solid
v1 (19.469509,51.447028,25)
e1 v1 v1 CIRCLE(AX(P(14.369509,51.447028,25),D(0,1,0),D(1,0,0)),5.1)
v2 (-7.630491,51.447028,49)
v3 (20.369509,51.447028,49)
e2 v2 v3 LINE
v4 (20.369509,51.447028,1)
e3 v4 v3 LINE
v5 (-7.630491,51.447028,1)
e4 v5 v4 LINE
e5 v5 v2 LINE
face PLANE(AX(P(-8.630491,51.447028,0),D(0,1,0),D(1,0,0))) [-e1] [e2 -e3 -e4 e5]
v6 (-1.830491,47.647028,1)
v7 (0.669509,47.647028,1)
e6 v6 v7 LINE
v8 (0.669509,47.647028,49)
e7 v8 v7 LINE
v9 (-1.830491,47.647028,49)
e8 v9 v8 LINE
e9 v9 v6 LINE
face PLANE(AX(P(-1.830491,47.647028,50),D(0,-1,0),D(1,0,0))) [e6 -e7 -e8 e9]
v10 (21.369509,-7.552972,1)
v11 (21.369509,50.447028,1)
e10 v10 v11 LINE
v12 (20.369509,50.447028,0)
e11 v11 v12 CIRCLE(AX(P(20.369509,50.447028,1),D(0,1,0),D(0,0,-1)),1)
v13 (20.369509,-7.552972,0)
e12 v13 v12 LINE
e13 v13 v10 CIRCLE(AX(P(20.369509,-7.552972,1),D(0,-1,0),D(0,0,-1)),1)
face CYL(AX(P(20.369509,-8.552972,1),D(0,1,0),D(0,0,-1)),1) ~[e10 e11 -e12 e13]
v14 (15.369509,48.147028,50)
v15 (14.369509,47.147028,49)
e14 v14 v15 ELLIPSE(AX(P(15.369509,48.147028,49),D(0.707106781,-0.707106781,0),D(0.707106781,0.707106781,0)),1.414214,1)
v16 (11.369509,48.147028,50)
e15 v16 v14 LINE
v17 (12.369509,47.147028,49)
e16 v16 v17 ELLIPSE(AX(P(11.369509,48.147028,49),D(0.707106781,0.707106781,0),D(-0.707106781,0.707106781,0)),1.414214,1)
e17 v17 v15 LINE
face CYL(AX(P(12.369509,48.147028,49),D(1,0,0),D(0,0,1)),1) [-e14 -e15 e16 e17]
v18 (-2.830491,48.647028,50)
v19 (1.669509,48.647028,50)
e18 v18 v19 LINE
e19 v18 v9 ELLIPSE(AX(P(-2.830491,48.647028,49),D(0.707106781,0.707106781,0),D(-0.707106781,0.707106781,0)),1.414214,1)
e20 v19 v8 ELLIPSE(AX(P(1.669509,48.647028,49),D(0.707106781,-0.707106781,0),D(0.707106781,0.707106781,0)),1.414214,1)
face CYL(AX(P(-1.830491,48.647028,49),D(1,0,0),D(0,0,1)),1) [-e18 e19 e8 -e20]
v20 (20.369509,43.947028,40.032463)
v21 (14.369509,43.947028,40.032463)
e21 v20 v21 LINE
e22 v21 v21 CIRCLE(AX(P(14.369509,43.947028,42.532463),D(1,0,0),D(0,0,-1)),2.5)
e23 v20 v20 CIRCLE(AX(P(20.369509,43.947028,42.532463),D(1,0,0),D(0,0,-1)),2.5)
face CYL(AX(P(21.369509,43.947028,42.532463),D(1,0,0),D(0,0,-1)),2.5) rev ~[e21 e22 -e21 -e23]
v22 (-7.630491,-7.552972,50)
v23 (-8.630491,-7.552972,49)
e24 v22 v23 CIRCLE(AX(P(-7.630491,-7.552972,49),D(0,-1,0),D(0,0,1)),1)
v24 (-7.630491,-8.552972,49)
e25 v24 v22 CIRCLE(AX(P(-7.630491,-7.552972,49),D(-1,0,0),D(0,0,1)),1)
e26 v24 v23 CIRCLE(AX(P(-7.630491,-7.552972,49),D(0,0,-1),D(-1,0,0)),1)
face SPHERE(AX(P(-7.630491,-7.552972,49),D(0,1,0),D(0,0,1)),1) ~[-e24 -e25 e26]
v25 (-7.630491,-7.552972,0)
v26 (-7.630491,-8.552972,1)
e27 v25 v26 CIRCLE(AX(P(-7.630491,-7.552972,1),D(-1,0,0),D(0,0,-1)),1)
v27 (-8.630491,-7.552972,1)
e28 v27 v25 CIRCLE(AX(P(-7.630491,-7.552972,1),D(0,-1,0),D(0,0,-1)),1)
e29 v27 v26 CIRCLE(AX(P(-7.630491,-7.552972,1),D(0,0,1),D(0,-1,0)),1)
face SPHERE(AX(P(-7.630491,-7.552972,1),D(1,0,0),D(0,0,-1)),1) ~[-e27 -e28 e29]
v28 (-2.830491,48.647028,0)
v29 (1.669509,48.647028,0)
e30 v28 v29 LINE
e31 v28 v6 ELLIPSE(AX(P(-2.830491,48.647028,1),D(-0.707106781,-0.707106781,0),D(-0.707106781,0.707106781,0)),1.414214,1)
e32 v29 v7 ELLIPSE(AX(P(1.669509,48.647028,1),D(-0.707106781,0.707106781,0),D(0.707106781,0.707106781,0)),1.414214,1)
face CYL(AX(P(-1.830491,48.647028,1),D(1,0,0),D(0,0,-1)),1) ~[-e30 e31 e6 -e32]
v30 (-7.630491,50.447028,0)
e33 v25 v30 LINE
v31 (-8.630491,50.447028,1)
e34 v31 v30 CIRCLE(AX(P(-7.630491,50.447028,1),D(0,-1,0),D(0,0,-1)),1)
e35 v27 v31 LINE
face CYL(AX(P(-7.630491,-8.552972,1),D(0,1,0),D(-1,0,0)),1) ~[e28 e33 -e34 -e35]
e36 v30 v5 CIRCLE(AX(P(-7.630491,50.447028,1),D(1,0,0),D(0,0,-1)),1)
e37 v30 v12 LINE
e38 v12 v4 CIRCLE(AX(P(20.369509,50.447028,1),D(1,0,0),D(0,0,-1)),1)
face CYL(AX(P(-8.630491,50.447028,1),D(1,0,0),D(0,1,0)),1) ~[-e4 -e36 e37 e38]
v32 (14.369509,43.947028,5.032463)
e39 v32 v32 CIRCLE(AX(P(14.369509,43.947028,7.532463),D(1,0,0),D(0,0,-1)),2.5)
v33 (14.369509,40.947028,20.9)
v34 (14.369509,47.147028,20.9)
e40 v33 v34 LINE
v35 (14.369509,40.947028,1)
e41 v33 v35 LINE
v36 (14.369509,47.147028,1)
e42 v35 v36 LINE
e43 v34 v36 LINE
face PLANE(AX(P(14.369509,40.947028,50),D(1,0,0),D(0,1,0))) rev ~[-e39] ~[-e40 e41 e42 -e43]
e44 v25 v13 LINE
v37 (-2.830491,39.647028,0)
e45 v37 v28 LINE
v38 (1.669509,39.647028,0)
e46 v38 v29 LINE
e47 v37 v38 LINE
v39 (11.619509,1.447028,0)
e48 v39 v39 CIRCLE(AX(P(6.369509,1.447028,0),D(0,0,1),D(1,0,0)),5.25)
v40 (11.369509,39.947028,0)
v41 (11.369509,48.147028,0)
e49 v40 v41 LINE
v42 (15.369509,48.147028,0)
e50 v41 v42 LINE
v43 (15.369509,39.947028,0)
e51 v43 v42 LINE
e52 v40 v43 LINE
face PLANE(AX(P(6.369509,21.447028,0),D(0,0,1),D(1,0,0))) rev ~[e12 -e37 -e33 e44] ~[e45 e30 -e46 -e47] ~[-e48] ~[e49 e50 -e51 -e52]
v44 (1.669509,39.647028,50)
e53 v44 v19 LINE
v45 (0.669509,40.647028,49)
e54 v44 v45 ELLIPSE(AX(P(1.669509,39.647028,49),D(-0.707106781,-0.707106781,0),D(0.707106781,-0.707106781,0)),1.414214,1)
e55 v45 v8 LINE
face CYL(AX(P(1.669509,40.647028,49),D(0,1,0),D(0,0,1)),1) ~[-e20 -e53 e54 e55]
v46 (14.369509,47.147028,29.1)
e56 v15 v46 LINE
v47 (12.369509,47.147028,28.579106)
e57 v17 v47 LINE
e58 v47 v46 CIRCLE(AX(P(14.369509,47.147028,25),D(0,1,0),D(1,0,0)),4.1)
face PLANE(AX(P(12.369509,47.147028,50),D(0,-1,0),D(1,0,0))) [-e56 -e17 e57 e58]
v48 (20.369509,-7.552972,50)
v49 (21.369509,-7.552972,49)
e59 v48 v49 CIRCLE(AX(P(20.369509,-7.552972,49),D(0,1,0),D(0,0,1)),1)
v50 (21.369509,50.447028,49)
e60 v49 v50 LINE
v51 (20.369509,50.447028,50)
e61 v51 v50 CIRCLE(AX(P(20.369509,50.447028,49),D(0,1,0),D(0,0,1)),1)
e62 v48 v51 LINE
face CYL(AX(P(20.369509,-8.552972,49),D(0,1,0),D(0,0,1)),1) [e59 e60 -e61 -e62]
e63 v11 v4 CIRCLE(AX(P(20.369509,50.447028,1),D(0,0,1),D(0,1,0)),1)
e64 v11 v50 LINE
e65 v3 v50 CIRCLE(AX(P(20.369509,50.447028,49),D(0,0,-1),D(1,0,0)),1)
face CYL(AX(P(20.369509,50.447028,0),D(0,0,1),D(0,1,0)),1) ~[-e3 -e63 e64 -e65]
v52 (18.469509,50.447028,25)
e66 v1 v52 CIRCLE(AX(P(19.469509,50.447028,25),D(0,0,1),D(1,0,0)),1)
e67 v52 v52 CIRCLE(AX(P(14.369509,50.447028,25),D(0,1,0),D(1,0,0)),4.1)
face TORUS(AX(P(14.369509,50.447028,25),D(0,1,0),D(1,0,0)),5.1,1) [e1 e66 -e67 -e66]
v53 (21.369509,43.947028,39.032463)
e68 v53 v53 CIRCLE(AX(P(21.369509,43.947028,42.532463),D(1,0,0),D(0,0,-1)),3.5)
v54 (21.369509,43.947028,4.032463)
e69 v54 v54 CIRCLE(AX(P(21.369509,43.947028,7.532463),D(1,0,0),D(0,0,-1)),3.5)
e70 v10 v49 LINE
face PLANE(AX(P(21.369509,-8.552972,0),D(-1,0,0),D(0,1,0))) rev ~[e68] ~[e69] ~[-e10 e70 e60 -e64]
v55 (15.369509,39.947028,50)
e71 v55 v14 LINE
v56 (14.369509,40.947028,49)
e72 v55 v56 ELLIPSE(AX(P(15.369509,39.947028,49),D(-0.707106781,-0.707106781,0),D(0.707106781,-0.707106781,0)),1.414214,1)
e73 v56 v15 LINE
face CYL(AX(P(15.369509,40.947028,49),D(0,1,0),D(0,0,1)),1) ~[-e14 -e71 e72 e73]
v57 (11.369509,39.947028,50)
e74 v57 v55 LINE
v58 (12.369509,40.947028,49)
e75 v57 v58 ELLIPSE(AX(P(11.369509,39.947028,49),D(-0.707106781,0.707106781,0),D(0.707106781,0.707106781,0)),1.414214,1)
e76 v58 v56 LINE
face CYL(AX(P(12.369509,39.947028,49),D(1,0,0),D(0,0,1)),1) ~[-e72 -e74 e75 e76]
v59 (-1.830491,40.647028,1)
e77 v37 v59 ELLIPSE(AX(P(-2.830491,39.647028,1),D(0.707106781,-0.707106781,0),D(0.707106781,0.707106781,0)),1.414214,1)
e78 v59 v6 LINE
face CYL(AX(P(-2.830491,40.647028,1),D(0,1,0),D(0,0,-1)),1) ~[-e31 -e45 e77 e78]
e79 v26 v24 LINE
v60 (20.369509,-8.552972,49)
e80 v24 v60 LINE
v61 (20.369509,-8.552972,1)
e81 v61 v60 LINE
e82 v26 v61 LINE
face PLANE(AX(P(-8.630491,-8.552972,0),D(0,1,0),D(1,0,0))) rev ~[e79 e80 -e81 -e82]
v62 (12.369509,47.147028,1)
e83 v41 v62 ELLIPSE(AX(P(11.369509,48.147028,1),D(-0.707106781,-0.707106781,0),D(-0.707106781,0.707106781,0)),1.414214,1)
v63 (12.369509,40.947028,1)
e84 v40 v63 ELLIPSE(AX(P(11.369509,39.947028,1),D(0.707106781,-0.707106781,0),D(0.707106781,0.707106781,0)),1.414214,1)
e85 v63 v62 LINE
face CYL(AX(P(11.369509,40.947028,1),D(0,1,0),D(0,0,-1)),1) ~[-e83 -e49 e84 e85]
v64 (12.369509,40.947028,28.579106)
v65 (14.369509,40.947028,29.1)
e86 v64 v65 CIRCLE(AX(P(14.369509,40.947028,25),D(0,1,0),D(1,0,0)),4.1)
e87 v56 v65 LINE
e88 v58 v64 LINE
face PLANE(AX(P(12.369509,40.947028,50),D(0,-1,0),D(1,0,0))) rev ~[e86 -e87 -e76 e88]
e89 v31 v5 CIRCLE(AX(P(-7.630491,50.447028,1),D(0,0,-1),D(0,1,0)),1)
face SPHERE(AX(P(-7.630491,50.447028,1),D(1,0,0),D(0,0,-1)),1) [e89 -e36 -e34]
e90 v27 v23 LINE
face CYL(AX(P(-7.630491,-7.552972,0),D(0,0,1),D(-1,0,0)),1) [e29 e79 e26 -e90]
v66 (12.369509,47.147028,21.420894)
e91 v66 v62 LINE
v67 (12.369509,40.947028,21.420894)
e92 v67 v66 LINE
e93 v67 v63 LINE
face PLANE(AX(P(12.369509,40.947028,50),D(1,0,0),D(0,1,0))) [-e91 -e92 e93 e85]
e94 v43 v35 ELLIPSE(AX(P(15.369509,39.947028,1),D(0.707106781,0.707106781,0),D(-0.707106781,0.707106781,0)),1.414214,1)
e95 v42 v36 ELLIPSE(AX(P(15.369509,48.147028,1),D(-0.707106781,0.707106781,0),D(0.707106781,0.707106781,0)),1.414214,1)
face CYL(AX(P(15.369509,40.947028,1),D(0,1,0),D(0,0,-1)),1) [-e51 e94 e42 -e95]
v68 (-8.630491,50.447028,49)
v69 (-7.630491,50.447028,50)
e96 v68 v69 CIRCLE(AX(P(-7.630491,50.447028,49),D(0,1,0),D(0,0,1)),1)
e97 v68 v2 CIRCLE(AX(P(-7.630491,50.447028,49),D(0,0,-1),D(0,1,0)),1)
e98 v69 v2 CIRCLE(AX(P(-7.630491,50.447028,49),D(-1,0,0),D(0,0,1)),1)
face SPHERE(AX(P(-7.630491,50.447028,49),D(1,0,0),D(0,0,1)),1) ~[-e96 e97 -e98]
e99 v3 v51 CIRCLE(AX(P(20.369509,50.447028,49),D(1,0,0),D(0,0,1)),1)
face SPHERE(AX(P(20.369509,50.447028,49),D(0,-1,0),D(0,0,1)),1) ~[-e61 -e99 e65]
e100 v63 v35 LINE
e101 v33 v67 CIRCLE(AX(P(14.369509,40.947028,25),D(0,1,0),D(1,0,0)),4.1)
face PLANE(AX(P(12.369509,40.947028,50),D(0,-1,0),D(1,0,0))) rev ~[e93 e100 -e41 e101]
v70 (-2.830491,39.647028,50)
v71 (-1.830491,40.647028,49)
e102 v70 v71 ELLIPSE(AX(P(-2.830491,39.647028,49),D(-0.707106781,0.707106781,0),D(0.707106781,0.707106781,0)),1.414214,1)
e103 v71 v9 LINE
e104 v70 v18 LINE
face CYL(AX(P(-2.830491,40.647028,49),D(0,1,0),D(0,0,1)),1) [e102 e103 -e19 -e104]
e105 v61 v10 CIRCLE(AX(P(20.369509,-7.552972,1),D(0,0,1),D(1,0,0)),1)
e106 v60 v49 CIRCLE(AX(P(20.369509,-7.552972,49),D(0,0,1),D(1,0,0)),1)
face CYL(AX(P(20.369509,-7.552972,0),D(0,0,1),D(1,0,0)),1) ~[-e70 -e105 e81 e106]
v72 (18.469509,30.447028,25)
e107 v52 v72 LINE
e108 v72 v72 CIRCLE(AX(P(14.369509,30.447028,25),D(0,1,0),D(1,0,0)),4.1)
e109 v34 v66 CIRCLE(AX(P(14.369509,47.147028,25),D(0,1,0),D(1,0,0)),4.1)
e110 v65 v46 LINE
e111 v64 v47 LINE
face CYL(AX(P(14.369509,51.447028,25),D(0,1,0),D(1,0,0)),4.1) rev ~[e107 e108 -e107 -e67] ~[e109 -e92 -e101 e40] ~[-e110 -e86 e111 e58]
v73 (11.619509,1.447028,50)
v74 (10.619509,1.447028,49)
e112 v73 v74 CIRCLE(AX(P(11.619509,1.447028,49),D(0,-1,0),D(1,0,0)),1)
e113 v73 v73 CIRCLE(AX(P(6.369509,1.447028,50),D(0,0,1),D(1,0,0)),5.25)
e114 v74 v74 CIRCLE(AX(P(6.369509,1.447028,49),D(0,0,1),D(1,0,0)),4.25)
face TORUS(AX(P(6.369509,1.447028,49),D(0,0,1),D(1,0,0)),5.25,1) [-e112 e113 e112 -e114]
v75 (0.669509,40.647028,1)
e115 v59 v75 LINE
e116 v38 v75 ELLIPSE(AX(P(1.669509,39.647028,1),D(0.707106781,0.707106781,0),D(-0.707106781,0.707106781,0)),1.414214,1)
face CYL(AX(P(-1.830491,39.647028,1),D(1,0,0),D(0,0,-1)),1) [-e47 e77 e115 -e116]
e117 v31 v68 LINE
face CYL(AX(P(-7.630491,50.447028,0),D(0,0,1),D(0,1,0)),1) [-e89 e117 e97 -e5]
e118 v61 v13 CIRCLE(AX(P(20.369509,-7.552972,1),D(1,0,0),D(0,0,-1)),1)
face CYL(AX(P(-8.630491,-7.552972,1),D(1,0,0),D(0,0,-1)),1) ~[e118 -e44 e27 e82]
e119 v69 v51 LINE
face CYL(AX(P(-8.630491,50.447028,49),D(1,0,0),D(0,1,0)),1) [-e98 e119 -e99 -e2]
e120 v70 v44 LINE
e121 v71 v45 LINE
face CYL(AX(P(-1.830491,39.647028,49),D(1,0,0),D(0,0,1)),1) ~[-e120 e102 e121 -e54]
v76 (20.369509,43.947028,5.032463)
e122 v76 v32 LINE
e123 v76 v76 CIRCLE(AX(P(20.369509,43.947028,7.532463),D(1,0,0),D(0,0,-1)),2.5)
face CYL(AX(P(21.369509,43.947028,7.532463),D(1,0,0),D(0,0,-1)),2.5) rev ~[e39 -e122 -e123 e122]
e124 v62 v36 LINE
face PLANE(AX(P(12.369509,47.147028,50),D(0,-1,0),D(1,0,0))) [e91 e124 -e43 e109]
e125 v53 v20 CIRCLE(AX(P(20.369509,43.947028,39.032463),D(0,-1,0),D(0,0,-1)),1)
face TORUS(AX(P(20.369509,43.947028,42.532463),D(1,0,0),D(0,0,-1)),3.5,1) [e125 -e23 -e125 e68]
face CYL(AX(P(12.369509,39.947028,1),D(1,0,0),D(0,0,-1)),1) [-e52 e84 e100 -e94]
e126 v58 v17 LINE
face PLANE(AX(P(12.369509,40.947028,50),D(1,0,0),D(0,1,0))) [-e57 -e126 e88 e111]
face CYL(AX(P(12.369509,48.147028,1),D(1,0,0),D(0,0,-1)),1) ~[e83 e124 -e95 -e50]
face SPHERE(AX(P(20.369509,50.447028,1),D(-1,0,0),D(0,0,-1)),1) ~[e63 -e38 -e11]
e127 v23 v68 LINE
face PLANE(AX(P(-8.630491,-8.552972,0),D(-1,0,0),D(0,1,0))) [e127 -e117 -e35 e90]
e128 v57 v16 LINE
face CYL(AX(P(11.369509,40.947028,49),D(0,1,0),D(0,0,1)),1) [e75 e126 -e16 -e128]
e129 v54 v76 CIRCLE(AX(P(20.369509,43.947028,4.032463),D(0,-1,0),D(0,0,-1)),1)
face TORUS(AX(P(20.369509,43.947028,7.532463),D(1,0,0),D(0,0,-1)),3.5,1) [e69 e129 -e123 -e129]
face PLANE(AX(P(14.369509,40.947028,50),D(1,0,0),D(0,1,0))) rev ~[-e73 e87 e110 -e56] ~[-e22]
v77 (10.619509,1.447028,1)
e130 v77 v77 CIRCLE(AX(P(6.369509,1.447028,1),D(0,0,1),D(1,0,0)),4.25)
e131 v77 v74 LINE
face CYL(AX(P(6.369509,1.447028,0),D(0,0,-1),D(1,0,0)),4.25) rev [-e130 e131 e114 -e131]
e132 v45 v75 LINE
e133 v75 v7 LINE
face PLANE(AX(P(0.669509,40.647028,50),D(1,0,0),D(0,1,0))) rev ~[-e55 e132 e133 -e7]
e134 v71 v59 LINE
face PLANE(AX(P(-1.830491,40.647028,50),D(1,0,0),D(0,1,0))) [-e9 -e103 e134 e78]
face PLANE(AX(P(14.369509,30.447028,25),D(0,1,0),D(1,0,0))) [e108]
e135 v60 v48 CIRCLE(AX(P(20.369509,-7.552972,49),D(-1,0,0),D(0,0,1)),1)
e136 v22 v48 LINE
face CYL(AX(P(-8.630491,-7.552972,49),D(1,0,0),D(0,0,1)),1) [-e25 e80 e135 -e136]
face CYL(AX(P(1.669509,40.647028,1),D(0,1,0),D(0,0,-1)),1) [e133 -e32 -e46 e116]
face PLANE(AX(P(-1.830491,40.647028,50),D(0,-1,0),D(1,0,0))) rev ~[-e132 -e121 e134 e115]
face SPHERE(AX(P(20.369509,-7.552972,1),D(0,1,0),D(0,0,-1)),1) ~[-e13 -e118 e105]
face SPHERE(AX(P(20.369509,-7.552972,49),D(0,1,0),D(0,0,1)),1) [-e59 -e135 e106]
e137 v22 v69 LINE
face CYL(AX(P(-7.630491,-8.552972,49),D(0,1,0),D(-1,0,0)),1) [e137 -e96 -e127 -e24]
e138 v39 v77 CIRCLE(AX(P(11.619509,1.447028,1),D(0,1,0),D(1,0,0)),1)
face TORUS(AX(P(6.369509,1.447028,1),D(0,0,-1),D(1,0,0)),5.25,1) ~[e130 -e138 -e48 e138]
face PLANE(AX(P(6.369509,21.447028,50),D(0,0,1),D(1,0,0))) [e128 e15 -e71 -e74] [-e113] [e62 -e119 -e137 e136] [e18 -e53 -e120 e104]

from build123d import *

# Parameters (mm, degrees)
SKETCH_1_W          = 30
SKETCH_1_H          = 60
SKETCH_1_R          = 4.25
EXTRUDE_1_DEPTH     = 50
SKETCH_2_W          = 2.5
SKETCH_2_H          = 7
SKETCH_2_W_2        = 2
SKETCH_2_H_2        = 6.2
CUT_EXTRUDE_1_DEPTH = 50
SKETCH_4_R          = 2.5
CUT_EXTRUDE_2_DEPTH = 7
FILLET_1_R          = 1
FILLET_2_R          = 1
FILLET_3_R          = 1
FILLET_4_R          = 1
FILLET_5_R          = 1
FILLET_6_R          = 1
SKETCH_5_R          = 4.1
CUT_EXTRUDE_3_DEPTH = 21
FILLET_7_R          = 1
FILLET_8_R          = 1


with BuildPart() as part:
    # 草图1 → 凸台-拉伸1 (new body)
    with BuildSketch(Plane.XY):
        with Locations((6.369509044, 21.447028424)):
            Rectangle(SKETCH_1_W, SKETCH_1_H)
        with Locations((6.369509044, 1.447028424)):
            Circle(SKETCH_1_R, mode=Mode.SUBTRACT)
    extrude(amount=EXTRUDE_1_DEPTH)

    # 草图2 → 切除-拉伸1 (cut)
    with BuildSketch(Plane.XY.offset(50)):
        with Locations((-0.580490956, 44.147028424)):
            Rectangle(SKETCH_2_W, SKETCH_2_H)
        with Locations((13.369509044, 44.047028424)):
            Rectangle(SKETCH_2_W_2, SKETCH_2_H_2)
    extrude(amount=-CUT_EXTRUDE_1_DEPTH, mode=Mode.SUBTRACT)

    # 草图4 → 切除-拉伸2 (cut)
    with BuildSketch(Plane(origin=(21.369509044, 0, 0), x_dir=(0, 0, -1), z_dir=(1, 0, 0))):
        with Locations((-42.532463012, 43.947028424)):
            Circle(SKETCH_4_R)
        with Locations((-7.532463012, 43.947028424)):
            Circle(SKETCH_4_R)
    extrude(amount=-CUT_EXTRUDE_2_DEPTH, mode=Mode.SUBTRACT)

    # 圆角1
    fillet_1_edges = [part.edges().sort_by_distance(p)[0] for p in [
        (12.369509044, 44.047028424, 50),
        (13.369509044, 40.947028424, 50),
        (14.369509044, 44.047028424, 50),
        (13.369509044, 47.147028424, 50),
    ]]
    fillet(fillet_1_edges, radius=FILLET_1_R)

    # 圆角2
    fillet_2_edges = [part.edges().sort_by_distance(p)[0] for p in [
        (-1.830490956, 44.147028424, 50),
        (-0.580490956, 40.647028424, 50),
        (0.669509044, 44.147028424, 50),
        (-0.580490956, 47.647028424, 50),
    ]]
    fillet(fillet_2_edges, radius=FILLET_2_R)

    # 圆角3
    fillet_3_edges = [part.edges().sort_by_distance(p)[0] for p in [
        (2.119509044, 1.447028424, 50),
    ]]
    fillet(fillet_3_edges, radius=FILLET_3_R)

    # 圆角4
    fillet_4_edges = [part.edges().sort_by_distance(p)[0] for p in [
        (21.369509044, 43.947028424, 45.032463012),
    ]]
    fillet(fillet_4_edges, radius=FILLET_4_R)

    # 圆角5
    fillet_5_edges = [part.edges().sort_by_distance(p)[0] for p in [
        (21.369509044, 43.947028424, 10.032463012),
    ]]
    fillet(fillet_5_edges, radius=FILLET_5_R)

    # 圆角6
    fillet_6_edges = [part.edges().sort_by_distance(p)[0] for p in [
        (2.119509044, 1.447028424, 0),
        (-1.830490956, 44.147028424, 0),
        (-0.580490956, 47.647028424, 0),
        (0.669509044, 44.147028424, 0),
        (-0.580490956, 40.647028424, 0),
        (12.369509044, 44.047028424, 0),
        (13.369509044, 47.147028424, 0),
        (14.369509044, 44.047028424, 0),
        (13.369509044, 40.947028424, 0),
    ]]
    fillet(fillet_6_edges, radius=FILLET_6_R)

    # 草图5 → 切除-拉伸3 (cut)
    with BuildSketch(Plane(origin=(0, 51.447028424, 0), x_dir=(1, 0, 0), z_dir=(0, 1, 0))):
        with Locations((14.369509044, -25)):
            Circle(SKETCH_5_R)
    extrude(amount=-CUT_EXTRUDE_3_DEPTH, mode=Mode.SUBTRACT)

    # 圆角7
    fillet_7_edges = [part.edges().sort_by_distance(p)[0] for p in [
        (10.269509044, 51.447028424, 25),
    ]]
    fillet(fillet_7_edges, radius=FILLET_7_R)

    # 圆角8
    fillet_8_edges = [part.edges().sort_by_distance(p)[0] for p in [
        (21.369509044, 21.447028424, 50),
        (6.369509044, 51.447028424, 50),
        (-8.630490956, 21.447028424, 50),
        (6.369509044, 51.447028424, 0),
        (21.369509044, 21.447028424, 0),
        (6.369509044, -8.552971576, 0),
        (-8.630490956, 21.447028424, 0),
        (6.369509044, -8.552971576, 50),
        (-8.630490956, 51.447028424, 25),
        (21.369509044, 51.447028424, 25),
        (21.369509044, -8.552971576, 25),
        (-8.630490956, -8.552971576, 25),
    ]]
    fillet(fillet_8_edges, radius=FILLET_8_R)


solid = part.part
